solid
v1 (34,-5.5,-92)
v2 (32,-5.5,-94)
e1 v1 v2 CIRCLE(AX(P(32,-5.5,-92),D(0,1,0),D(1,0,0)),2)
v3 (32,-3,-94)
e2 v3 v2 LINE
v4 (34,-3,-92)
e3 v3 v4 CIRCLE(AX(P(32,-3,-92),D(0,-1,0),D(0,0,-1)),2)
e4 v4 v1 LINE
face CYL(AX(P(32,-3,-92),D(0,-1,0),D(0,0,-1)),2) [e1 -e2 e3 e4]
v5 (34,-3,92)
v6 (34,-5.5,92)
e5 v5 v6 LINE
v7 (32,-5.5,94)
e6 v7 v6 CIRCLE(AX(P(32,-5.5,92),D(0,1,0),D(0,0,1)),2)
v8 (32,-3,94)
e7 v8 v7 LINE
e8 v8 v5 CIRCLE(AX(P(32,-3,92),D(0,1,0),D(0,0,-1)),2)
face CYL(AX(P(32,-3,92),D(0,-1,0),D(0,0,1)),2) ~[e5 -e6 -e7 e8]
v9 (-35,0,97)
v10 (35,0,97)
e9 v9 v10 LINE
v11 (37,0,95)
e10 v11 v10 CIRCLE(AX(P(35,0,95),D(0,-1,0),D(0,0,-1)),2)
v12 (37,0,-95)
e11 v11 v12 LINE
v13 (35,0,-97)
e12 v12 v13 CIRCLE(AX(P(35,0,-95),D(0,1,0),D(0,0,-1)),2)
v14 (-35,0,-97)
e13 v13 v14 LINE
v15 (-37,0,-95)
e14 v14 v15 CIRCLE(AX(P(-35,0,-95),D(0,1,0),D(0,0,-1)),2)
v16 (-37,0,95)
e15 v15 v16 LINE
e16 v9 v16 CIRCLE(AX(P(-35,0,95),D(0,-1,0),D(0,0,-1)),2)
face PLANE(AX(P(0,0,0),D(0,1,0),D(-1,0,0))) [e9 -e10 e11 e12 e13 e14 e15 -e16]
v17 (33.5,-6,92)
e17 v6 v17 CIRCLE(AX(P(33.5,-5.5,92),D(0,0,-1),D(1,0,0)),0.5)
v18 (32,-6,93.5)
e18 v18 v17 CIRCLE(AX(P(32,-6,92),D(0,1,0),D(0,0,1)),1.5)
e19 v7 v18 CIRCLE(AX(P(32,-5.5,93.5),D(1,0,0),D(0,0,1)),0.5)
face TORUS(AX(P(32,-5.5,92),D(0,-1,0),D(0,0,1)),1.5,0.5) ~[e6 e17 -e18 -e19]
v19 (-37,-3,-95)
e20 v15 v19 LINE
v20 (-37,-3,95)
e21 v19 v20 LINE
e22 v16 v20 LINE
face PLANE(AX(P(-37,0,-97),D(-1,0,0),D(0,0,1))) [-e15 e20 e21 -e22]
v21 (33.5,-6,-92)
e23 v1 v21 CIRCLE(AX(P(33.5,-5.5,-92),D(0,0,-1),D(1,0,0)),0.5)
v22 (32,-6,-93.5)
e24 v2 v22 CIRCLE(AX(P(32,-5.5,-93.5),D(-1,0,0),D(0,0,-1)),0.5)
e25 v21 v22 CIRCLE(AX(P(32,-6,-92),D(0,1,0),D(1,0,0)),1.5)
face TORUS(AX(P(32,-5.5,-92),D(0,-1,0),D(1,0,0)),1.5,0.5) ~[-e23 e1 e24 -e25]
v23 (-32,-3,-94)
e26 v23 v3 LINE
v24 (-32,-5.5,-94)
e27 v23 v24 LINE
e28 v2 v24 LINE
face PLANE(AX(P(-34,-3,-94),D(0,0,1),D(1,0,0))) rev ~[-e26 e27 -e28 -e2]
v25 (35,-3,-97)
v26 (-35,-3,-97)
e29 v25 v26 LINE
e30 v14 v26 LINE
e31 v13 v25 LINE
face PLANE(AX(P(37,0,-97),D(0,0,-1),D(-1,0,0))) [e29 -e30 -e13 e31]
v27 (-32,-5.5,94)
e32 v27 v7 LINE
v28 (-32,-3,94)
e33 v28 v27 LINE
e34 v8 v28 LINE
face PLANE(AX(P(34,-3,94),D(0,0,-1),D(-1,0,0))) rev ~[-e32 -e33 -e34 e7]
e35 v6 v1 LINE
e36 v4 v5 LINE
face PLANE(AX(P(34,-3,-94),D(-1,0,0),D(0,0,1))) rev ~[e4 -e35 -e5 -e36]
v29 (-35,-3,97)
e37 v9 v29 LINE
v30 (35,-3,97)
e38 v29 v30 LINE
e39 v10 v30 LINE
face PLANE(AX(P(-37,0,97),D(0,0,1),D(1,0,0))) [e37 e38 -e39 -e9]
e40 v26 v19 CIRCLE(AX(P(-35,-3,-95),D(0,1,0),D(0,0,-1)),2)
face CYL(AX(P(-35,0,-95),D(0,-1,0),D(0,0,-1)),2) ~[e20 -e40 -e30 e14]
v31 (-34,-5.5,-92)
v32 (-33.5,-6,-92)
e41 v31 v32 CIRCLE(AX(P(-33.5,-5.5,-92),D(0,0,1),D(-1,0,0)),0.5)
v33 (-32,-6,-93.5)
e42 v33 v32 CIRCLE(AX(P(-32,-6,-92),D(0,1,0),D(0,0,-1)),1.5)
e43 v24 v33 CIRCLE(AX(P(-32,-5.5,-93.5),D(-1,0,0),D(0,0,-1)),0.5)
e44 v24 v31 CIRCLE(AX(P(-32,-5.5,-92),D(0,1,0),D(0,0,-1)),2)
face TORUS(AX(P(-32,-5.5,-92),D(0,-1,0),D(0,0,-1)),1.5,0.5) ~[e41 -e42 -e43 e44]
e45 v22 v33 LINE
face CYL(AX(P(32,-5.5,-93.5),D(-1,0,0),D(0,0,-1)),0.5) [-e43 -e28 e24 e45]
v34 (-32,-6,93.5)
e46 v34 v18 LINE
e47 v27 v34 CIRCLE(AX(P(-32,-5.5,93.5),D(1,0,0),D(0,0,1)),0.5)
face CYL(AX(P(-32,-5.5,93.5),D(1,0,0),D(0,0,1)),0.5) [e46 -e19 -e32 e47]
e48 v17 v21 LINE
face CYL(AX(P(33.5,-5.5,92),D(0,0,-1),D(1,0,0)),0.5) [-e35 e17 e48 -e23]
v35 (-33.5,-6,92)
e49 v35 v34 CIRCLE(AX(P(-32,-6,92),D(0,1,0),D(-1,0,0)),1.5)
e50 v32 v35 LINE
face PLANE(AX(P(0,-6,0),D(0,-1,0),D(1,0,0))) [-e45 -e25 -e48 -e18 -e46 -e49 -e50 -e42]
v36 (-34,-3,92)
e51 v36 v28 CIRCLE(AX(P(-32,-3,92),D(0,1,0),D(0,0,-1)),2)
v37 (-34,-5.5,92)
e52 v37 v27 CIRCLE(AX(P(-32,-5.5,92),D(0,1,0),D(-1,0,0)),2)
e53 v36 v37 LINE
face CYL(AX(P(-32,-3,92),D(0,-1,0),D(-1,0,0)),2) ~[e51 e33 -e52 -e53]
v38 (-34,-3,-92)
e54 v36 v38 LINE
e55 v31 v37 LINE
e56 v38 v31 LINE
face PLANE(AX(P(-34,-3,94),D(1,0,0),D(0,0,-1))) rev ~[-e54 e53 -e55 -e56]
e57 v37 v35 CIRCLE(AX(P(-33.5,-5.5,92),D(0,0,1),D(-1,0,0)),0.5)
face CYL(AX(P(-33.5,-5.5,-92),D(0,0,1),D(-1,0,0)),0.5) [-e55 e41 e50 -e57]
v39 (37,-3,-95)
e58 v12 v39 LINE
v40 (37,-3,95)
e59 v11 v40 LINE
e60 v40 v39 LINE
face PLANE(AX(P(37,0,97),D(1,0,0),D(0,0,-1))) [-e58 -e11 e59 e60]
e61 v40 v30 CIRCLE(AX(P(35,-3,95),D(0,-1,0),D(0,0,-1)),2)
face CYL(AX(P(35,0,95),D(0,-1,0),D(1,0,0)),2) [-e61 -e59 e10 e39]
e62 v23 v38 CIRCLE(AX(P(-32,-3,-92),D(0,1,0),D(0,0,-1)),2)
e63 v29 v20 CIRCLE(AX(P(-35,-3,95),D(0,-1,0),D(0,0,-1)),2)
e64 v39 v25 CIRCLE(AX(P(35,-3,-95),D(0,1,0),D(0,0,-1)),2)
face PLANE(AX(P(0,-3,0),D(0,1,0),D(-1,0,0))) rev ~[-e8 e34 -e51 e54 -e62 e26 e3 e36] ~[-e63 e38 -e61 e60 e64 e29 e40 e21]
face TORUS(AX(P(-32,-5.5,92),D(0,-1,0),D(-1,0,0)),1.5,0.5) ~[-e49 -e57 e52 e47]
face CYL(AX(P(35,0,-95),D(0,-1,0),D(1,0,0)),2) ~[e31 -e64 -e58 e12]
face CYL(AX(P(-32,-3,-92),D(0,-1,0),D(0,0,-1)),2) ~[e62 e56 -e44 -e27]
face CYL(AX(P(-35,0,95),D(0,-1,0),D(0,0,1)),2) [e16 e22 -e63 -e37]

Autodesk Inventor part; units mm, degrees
ref_plane "YZ Plane" through (0, 0, 0) normal (1, 0, 0) x (0, 1, 0)
ref_plane "XZ Plane" through (0, 0, 0) normal (0, 1, 0) x (-1, 0, 0)
ref_plane "XY Plane" through (0, 0, 0) normal (0, 0, 1) x (1, 0, 0)
sketch "Sketch1" plane through (0, 0, 0) normal (0, 1, 0) x (-1, 0, 0)
  line L0 (-37, -97) -> (37, -97)
  line L1 (37, -97) -> (37, 97)
  line L2 (37, 97) -> (-37, 97)
  line L3 (-37, 97) -> (-37, -97)
  line L4 (-37, -97) -> (37, 97) construction
  line L5 (37, -97) -> (-37, 97) construction
  point P0 (0, 0)
  dimension "d0" = 74
  dimension "d1" = 194
extrude "Extrusion1" add sketch "Sketch1" against normal blind 3
sketch "Sketch2" plane through (0, -3, 0) normal (0, -1, 0) x (1, 0, 0)
  line L0 (-37, 97) -> (-37, -97) projected
  line L1 (-37, -97) -> (37, -97) projected
  line L2 (37, -97) -> (37, 97) projected
  line L3 (37, 97) -> (-37, 97) projected
  line L4 (34, 94) -> (-34, 94)
  line L5 (-34, 94) -> (-34, -94)
  line L6 (-34, -94) -> (34, -94)
  line L7 (34, -94) -> (34, 94)
  line L8 (34, 94) -> (-34, -94) construction
  line L9 (-34, 94) -> (34, -94) construction
  point P0 (0, 0)
  dimension "d4" = 3
  dimension "d5" = 3
extrude "Extrusion2" add sketch "Sketch2" along normal blind 3 contours L7 L6 L5 L4
fillet "Fillet1" radius 2 8 edges at (34, -4.5, 94) (-34, -4.5, 94) (37, -1.5, 97) (-37, -1.5, 97) (34, -4.5, -94) (37, -1.5, -97) (-34, -4.5, -94) (-37, -1.5, -97)
fillet "Fillet2" radius 0.5 8 edges at (-33.4142, -6, 93.4142) (-34, -6, 0) (-33.4142, -6, -93.4142) (0, -6, -94) (33.4142, -6, -93.4142) (34, -6, 0) (33.4142, -6, 93.4142) (0, -6, 94)
properties part number "module-lid_command"
